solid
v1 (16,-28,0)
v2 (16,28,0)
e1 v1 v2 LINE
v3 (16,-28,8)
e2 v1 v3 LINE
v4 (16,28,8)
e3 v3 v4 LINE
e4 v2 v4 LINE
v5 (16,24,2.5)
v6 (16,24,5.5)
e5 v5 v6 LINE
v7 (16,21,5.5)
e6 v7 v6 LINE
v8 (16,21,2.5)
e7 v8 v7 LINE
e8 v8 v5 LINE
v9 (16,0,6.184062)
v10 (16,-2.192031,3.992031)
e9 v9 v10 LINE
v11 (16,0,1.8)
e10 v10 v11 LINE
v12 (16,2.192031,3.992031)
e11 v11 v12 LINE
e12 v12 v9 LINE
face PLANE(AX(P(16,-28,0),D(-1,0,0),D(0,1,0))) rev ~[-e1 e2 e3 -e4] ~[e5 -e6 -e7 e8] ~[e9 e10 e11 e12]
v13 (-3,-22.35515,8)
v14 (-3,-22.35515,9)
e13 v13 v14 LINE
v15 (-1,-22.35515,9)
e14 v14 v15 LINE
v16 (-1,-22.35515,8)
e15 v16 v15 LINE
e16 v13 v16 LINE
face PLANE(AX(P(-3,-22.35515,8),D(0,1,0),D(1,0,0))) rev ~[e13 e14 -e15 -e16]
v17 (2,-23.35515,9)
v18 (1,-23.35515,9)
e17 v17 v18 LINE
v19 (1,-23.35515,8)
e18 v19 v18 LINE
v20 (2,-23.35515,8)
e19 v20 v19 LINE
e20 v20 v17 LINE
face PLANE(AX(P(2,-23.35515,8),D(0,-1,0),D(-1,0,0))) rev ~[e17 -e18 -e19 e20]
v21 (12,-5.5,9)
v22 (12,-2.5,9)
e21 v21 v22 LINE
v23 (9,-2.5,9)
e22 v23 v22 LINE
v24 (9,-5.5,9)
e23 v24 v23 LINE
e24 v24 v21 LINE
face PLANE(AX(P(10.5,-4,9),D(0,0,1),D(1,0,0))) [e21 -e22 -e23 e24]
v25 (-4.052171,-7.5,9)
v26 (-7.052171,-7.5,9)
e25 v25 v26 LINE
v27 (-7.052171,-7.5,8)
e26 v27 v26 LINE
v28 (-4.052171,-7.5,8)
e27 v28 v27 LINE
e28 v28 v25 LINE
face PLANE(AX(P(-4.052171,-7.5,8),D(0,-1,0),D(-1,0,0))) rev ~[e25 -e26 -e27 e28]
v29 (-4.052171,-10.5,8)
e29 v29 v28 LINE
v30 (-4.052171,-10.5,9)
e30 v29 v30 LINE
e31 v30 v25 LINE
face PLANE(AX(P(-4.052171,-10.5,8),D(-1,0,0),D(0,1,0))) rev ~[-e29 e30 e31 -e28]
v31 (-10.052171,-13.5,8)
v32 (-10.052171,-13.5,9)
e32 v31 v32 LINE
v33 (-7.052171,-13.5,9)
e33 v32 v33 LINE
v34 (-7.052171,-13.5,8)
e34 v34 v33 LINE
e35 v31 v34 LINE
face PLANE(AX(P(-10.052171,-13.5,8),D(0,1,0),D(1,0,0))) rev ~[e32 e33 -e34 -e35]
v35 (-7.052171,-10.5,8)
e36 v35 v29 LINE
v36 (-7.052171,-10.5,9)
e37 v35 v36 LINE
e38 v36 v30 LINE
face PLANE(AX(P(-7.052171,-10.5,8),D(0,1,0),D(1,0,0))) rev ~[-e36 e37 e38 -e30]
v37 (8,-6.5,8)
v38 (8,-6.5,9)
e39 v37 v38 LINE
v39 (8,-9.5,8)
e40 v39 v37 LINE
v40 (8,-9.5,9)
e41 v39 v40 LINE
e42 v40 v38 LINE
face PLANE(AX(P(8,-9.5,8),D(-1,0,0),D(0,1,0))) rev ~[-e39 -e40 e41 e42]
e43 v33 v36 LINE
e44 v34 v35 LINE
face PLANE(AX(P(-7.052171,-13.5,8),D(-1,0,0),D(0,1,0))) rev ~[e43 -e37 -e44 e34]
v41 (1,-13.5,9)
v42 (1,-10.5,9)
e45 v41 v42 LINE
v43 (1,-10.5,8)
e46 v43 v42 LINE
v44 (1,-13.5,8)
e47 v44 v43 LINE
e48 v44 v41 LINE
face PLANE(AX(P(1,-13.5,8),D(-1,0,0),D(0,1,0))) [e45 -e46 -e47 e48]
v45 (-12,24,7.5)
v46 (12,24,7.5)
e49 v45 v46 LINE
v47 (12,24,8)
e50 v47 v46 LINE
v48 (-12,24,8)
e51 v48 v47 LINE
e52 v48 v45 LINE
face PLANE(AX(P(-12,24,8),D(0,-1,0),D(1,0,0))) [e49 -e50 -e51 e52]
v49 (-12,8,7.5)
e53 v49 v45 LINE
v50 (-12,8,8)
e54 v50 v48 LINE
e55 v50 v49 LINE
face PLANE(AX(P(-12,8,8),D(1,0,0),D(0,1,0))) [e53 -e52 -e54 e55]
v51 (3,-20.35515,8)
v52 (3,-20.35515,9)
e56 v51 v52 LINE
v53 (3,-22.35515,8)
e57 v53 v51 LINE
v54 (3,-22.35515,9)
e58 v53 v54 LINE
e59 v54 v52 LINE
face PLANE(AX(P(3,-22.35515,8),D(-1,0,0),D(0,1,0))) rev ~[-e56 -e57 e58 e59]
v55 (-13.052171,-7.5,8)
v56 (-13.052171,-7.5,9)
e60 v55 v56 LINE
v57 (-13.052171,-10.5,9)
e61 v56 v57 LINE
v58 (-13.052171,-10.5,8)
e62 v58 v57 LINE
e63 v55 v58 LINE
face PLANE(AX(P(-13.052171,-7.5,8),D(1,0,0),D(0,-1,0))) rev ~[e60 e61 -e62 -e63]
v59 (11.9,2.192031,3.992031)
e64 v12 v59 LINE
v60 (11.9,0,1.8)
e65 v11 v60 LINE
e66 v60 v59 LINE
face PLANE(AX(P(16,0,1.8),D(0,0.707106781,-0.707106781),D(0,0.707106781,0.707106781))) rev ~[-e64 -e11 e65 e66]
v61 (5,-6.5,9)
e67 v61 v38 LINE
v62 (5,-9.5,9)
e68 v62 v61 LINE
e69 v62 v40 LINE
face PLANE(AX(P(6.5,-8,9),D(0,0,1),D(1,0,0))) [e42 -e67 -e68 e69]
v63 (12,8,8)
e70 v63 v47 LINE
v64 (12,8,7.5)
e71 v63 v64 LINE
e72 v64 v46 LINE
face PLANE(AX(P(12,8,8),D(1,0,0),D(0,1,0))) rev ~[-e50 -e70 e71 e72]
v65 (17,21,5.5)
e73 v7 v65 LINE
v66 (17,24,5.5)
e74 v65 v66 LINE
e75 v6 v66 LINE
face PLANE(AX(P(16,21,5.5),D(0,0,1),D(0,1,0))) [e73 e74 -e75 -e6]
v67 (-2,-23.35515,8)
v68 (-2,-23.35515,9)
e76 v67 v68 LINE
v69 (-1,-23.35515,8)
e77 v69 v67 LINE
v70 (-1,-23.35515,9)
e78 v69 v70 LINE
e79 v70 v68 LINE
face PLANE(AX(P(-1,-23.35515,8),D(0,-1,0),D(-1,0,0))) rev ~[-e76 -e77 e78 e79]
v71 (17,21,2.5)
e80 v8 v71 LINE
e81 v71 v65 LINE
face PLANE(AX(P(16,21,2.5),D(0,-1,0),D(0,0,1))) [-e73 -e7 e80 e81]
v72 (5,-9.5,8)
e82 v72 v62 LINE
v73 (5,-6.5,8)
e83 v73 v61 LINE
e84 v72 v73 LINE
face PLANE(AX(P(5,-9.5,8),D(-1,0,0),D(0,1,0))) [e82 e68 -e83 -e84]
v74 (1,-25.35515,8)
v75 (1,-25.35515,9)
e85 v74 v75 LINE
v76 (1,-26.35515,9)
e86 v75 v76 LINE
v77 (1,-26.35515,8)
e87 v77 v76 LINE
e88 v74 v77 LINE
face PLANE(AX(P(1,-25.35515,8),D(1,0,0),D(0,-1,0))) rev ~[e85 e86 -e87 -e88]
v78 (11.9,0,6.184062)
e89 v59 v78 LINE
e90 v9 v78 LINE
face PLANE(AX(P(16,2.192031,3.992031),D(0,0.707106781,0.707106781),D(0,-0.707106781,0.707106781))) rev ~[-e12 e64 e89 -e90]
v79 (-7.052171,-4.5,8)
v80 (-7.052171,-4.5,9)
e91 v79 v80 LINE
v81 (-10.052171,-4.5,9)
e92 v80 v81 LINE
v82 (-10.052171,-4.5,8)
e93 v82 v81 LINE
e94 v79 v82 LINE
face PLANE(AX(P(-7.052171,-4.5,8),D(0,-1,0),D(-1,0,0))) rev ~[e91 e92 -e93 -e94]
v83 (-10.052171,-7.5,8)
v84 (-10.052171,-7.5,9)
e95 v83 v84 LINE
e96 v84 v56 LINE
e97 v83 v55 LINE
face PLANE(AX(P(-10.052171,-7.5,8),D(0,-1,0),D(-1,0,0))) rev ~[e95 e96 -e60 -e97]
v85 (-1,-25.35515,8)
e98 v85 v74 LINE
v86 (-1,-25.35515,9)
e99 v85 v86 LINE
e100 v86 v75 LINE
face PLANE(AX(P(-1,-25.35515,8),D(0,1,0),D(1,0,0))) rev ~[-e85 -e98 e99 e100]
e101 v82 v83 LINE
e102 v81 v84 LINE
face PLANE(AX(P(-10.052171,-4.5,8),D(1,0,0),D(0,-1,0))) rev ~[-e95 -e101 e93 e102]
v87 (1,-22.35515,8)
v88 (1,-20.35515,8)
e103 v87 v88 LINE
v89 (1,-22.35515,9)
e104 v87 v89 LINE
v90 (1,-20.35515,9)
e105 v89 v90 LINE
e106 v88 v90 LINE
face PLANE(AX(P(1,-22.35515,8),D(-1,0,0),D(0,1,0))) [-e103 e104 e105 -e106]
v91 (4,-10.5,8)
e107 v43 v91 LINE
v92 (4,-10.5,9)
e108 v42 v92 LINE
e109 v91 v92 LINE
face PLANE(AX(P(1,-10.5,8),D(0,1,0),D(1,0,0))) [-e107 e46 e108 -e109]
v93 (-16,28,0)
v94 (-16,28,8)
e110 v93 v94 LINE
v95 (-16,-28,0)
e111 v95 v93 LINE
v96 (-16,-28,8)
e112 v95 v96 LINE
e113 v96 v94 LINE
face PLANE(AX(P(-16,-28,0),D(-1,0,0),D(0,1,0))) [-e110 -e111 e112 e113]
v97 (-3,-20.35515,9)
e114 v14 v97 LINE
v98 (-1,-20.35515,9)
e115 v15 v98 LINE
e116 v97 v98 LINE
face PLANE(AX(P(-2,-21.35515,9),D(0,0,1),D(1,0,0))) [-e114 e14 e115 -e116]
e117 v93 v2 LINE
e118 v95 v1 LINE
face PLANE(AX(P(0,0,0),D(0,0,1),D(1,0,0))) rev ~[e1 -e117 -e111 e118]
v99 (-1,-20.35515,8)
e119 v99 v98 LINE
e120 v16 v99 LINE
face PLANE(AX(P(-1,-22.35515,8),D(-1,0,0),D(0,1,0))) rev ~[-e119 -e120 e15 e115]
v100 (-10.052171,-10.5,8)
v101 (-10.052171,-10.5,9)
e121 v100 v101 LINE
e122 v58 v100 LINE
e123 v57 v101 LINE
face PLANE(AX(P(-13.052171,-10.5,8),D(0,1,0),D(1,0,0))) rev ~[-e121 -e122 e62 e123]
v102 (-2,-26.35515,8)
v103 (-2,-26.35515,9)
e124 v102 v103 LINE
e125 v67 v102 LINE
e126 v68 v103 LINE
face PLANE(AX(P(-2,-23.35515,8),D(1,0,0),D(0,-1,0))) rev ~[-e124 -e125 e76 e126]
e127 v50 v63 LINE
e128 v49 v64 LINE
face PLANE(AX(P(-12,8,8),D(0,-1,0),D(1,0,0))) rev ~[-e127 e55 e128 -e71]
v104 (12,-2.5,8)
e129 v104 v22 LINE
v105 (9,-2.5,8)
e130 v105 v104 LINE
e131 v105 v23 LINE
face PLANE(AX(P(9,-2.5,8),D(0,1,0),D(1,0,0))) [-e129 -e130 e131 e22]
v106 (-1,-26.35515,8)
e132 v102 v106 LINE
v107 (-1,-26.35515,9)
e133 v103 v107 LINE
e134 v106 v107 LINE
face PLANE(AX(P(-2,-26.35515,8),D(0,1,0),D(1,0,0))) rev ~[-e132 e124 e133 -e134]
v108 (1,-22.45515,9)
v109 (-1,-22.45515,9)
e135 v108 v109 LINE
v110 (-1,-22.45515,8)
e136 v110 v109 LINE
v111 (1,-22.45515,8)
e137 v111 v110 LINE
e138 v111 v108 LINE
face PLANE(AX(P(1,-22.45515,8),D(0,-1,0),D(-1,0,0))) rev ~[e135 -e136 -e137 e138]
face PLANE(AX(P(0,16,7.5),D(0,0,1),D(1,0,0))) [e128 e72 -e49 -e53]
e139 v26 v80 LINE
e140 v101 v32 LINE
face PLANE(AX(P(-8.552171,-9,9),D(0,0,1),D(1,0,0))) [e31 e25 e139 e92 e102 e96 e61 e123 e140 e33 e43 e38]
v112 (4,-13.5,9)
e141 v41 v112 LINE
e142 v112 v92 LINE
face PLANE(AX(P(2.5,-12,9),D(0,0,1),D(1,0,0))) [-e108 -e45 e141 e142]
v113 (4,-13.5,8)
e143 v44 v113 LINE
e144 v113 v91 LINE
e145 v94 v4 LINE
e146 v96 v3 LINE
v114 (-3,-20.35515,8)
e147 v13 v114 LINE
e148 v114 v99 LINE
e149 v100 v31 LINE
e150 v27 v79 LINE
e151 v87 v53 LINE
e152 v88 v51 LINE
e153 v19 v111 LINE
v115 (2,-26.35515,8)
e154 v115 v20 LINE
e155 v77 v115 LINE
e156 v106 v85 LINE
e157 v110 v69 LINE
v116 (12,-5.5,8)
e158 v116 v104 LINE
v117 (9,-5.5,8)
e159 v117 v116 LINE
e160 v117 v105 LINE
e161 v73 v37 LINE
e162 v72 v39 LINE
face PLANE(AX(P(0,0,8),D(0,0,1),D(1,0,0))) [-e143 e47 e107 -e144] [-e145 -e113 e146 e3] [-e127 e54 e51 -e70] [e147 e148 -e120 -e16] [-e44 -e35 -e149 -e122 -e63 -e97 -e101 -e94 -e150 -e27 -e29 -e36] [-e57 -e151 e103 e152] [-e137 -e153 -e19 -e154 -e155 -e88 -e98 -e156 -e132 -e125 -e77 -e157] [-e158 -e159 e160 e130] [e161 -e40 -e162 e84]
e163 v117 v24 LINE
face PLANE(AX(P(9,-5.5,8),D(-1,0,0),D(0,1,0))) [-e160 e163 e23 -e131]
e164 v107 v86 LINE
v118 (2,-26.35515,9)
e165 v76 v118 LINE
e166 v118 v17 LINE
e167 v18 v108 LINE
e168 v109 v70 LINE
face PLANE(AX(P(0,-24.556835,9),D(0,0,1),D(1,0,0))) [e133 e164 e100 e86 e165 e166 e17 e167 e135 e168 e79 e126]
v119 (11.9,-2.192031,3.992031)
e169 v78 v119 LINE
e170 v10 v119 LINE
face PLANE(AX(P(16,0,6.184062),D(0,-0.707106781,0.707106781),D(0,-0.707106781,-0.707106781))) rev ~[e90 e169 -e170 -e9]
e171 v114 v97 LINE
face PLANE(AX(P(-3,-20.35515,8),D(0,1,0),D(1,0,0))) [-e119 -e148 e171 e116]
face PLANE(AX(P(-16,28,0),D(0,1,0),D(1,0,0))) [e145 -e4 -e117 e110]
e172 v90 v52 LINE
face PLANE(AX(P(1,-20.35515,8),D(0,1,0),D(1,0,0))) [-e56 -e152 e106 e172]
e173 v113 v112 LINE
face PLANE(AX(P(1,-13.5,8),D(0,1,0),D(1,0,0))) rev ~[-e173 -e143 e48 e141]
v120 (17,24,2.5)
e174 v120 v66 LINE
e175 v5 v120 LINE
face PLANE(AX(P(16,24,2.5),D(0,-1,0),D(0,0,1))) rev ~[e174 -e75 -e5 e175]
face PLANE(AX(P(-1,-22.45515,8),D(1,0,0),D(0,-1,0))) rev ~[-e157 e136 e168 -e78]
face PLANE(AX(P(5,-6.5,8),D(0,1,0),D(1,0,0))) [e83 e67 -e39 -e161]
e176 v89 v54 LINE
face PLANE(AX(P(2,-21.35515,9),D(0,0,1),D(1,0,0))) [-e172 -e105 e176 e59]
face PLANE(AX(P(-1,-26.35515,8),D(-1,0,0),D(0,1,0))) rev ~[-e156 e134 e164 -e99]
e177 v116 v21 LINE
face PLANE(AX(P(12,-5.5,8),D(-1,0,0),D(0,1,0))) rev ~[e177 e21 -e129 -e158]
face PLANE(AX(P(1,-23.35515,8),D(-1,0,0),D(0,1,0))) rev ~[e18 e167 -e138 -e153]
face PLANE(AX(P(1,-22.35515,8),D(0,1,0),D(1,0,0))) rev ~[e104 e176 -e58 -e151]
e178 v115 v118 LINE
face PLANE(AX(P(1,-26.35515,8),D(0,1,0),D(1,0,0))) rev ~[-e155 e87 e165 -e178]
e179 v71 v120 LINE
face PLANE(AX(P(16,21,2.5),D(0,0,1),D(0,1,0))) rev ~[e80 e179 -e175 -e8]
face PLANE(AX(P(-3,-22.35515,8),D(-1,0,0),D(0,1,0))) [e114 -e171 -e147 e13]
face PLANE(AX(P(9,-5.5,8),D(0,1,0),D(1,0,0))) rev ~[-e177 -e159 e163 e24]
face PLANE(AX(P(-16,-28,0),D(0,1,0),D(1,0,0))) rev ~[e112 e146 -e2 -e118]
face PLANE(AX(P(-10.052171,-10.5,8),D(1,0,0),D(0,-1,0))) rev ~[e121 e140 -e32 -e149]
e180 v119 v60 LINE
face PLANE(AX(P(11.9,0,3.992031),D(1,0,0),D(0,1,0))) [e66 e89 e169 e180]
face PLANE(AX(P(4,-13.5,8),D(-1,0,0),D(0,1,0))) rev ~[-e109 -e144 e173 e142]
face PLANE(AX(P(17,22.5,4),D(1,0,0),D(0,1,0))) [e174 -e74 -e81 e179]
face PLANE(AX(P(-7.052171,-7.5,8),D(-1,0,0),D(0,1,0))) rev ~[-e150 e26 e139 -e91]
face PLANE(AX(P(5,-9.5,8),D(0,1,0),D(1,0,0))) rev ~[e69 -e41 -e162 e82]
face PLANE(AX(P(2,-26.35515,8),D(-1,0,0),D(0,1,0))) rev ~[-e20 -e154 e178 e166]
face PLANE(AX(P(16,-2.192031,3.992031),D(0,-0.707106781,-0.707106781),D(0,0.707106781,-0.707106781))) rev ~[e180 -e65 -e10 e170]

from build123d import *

# Parameters (mm, degrees)
F0_W     = 32
F0_H     = 56
F1_DEPTH = 8
F2_W     = 3
F2_H     = 3
F3_DEPTH = 1
F4_W     = 24
F4_H     = 16
F5_DEPTH = 0.5
F4_W_2   = 3
F4_H_2   = 3
F4_W_3   = 2
F4_H_3   = 2
F6_DEPTH = 1
F8_DEPTH = 4.1


with BuildPart() as f1:
    # F0 (on Top) → F1 (new body)
    with BuildSketch(Plane.XY):
        Rectangle(F0_W, F0_H)
    extrude(amount=F1_DEPTH)

    # F2 (on face) → F3 (join)
    with BuildSketch(Plane.YZ.offset(16)):
        with Locations((22.5, 4)):
            Rectangle(F2_W, F2_H)
    extrude(amount=F3_DEPTH)

    # F4 (on face) → F5 (cut)
    with BuildSketch(Plane.XY.offset(8)):
        with Locations((0, 16)):
            Rectangle(F4_W, F4_H)
    extrude(amount=-F5_DEPTH, mode=Mode.SUBTRACT)

    # F4 (on face) → F6 (join)
    with BuildSketch(Plane.XY.offset(8)):
        Polygon((-10.052171, -7.5), (-13.052171, -7.5), (-13.052171, -10.5), (-10.052171, -10.5), (-10.052171, -13.5), (-7.052171, -13.5), (-7.052171, -10.5), (-4.052171, -10.5), (-4.052171, -7.5), (-7.052171, -7.5), (-7.052171, -4.5), (-10.052171, -4.5), align=None)
        with Locations((2.5, -12)):
            Rectangle(F4_W_2, F4_H_2)
        with Locations((6.5, -8)):
            Rectangle(F4_W_2, F4_H_2)
        with Locations((10.5, -4)):
            Rectangle(F4_W_2, F4_H_2)
        with Locations((-2, -21.35515)):
            Rectangle(F4_W_3, F4_H_3)
        with Locations((2, -21.35515)):
            Rectangle(F4_W_3, F4_H_3)
        Polygon((-1, -23.35515), (-2, -23.35515), (-2, -26.35515), (-1, -26.35515), (-1, -25.35515), (0, -25.35515), (1, -25.35515), (1, -26.35515), (2, -26.35515), (2, -23.35515), (1, -23.35515), (1, -22.45515), (-1, -22.45515), align=None)
    extrude(amount=F6_DEPTH)

    # F7 (on face) → F8 (cut)
    with BuildSketch(Plane.YZ.offset(16)):
        Polygon((0, 1.8), (2.192031, 3.992031), (0, 6.184062), (-2.192031, 3.992031), align=None)
    extrude(amount=-F8_DEPTH, mode=Mode.SUBTRACT)


solid = f1.part
